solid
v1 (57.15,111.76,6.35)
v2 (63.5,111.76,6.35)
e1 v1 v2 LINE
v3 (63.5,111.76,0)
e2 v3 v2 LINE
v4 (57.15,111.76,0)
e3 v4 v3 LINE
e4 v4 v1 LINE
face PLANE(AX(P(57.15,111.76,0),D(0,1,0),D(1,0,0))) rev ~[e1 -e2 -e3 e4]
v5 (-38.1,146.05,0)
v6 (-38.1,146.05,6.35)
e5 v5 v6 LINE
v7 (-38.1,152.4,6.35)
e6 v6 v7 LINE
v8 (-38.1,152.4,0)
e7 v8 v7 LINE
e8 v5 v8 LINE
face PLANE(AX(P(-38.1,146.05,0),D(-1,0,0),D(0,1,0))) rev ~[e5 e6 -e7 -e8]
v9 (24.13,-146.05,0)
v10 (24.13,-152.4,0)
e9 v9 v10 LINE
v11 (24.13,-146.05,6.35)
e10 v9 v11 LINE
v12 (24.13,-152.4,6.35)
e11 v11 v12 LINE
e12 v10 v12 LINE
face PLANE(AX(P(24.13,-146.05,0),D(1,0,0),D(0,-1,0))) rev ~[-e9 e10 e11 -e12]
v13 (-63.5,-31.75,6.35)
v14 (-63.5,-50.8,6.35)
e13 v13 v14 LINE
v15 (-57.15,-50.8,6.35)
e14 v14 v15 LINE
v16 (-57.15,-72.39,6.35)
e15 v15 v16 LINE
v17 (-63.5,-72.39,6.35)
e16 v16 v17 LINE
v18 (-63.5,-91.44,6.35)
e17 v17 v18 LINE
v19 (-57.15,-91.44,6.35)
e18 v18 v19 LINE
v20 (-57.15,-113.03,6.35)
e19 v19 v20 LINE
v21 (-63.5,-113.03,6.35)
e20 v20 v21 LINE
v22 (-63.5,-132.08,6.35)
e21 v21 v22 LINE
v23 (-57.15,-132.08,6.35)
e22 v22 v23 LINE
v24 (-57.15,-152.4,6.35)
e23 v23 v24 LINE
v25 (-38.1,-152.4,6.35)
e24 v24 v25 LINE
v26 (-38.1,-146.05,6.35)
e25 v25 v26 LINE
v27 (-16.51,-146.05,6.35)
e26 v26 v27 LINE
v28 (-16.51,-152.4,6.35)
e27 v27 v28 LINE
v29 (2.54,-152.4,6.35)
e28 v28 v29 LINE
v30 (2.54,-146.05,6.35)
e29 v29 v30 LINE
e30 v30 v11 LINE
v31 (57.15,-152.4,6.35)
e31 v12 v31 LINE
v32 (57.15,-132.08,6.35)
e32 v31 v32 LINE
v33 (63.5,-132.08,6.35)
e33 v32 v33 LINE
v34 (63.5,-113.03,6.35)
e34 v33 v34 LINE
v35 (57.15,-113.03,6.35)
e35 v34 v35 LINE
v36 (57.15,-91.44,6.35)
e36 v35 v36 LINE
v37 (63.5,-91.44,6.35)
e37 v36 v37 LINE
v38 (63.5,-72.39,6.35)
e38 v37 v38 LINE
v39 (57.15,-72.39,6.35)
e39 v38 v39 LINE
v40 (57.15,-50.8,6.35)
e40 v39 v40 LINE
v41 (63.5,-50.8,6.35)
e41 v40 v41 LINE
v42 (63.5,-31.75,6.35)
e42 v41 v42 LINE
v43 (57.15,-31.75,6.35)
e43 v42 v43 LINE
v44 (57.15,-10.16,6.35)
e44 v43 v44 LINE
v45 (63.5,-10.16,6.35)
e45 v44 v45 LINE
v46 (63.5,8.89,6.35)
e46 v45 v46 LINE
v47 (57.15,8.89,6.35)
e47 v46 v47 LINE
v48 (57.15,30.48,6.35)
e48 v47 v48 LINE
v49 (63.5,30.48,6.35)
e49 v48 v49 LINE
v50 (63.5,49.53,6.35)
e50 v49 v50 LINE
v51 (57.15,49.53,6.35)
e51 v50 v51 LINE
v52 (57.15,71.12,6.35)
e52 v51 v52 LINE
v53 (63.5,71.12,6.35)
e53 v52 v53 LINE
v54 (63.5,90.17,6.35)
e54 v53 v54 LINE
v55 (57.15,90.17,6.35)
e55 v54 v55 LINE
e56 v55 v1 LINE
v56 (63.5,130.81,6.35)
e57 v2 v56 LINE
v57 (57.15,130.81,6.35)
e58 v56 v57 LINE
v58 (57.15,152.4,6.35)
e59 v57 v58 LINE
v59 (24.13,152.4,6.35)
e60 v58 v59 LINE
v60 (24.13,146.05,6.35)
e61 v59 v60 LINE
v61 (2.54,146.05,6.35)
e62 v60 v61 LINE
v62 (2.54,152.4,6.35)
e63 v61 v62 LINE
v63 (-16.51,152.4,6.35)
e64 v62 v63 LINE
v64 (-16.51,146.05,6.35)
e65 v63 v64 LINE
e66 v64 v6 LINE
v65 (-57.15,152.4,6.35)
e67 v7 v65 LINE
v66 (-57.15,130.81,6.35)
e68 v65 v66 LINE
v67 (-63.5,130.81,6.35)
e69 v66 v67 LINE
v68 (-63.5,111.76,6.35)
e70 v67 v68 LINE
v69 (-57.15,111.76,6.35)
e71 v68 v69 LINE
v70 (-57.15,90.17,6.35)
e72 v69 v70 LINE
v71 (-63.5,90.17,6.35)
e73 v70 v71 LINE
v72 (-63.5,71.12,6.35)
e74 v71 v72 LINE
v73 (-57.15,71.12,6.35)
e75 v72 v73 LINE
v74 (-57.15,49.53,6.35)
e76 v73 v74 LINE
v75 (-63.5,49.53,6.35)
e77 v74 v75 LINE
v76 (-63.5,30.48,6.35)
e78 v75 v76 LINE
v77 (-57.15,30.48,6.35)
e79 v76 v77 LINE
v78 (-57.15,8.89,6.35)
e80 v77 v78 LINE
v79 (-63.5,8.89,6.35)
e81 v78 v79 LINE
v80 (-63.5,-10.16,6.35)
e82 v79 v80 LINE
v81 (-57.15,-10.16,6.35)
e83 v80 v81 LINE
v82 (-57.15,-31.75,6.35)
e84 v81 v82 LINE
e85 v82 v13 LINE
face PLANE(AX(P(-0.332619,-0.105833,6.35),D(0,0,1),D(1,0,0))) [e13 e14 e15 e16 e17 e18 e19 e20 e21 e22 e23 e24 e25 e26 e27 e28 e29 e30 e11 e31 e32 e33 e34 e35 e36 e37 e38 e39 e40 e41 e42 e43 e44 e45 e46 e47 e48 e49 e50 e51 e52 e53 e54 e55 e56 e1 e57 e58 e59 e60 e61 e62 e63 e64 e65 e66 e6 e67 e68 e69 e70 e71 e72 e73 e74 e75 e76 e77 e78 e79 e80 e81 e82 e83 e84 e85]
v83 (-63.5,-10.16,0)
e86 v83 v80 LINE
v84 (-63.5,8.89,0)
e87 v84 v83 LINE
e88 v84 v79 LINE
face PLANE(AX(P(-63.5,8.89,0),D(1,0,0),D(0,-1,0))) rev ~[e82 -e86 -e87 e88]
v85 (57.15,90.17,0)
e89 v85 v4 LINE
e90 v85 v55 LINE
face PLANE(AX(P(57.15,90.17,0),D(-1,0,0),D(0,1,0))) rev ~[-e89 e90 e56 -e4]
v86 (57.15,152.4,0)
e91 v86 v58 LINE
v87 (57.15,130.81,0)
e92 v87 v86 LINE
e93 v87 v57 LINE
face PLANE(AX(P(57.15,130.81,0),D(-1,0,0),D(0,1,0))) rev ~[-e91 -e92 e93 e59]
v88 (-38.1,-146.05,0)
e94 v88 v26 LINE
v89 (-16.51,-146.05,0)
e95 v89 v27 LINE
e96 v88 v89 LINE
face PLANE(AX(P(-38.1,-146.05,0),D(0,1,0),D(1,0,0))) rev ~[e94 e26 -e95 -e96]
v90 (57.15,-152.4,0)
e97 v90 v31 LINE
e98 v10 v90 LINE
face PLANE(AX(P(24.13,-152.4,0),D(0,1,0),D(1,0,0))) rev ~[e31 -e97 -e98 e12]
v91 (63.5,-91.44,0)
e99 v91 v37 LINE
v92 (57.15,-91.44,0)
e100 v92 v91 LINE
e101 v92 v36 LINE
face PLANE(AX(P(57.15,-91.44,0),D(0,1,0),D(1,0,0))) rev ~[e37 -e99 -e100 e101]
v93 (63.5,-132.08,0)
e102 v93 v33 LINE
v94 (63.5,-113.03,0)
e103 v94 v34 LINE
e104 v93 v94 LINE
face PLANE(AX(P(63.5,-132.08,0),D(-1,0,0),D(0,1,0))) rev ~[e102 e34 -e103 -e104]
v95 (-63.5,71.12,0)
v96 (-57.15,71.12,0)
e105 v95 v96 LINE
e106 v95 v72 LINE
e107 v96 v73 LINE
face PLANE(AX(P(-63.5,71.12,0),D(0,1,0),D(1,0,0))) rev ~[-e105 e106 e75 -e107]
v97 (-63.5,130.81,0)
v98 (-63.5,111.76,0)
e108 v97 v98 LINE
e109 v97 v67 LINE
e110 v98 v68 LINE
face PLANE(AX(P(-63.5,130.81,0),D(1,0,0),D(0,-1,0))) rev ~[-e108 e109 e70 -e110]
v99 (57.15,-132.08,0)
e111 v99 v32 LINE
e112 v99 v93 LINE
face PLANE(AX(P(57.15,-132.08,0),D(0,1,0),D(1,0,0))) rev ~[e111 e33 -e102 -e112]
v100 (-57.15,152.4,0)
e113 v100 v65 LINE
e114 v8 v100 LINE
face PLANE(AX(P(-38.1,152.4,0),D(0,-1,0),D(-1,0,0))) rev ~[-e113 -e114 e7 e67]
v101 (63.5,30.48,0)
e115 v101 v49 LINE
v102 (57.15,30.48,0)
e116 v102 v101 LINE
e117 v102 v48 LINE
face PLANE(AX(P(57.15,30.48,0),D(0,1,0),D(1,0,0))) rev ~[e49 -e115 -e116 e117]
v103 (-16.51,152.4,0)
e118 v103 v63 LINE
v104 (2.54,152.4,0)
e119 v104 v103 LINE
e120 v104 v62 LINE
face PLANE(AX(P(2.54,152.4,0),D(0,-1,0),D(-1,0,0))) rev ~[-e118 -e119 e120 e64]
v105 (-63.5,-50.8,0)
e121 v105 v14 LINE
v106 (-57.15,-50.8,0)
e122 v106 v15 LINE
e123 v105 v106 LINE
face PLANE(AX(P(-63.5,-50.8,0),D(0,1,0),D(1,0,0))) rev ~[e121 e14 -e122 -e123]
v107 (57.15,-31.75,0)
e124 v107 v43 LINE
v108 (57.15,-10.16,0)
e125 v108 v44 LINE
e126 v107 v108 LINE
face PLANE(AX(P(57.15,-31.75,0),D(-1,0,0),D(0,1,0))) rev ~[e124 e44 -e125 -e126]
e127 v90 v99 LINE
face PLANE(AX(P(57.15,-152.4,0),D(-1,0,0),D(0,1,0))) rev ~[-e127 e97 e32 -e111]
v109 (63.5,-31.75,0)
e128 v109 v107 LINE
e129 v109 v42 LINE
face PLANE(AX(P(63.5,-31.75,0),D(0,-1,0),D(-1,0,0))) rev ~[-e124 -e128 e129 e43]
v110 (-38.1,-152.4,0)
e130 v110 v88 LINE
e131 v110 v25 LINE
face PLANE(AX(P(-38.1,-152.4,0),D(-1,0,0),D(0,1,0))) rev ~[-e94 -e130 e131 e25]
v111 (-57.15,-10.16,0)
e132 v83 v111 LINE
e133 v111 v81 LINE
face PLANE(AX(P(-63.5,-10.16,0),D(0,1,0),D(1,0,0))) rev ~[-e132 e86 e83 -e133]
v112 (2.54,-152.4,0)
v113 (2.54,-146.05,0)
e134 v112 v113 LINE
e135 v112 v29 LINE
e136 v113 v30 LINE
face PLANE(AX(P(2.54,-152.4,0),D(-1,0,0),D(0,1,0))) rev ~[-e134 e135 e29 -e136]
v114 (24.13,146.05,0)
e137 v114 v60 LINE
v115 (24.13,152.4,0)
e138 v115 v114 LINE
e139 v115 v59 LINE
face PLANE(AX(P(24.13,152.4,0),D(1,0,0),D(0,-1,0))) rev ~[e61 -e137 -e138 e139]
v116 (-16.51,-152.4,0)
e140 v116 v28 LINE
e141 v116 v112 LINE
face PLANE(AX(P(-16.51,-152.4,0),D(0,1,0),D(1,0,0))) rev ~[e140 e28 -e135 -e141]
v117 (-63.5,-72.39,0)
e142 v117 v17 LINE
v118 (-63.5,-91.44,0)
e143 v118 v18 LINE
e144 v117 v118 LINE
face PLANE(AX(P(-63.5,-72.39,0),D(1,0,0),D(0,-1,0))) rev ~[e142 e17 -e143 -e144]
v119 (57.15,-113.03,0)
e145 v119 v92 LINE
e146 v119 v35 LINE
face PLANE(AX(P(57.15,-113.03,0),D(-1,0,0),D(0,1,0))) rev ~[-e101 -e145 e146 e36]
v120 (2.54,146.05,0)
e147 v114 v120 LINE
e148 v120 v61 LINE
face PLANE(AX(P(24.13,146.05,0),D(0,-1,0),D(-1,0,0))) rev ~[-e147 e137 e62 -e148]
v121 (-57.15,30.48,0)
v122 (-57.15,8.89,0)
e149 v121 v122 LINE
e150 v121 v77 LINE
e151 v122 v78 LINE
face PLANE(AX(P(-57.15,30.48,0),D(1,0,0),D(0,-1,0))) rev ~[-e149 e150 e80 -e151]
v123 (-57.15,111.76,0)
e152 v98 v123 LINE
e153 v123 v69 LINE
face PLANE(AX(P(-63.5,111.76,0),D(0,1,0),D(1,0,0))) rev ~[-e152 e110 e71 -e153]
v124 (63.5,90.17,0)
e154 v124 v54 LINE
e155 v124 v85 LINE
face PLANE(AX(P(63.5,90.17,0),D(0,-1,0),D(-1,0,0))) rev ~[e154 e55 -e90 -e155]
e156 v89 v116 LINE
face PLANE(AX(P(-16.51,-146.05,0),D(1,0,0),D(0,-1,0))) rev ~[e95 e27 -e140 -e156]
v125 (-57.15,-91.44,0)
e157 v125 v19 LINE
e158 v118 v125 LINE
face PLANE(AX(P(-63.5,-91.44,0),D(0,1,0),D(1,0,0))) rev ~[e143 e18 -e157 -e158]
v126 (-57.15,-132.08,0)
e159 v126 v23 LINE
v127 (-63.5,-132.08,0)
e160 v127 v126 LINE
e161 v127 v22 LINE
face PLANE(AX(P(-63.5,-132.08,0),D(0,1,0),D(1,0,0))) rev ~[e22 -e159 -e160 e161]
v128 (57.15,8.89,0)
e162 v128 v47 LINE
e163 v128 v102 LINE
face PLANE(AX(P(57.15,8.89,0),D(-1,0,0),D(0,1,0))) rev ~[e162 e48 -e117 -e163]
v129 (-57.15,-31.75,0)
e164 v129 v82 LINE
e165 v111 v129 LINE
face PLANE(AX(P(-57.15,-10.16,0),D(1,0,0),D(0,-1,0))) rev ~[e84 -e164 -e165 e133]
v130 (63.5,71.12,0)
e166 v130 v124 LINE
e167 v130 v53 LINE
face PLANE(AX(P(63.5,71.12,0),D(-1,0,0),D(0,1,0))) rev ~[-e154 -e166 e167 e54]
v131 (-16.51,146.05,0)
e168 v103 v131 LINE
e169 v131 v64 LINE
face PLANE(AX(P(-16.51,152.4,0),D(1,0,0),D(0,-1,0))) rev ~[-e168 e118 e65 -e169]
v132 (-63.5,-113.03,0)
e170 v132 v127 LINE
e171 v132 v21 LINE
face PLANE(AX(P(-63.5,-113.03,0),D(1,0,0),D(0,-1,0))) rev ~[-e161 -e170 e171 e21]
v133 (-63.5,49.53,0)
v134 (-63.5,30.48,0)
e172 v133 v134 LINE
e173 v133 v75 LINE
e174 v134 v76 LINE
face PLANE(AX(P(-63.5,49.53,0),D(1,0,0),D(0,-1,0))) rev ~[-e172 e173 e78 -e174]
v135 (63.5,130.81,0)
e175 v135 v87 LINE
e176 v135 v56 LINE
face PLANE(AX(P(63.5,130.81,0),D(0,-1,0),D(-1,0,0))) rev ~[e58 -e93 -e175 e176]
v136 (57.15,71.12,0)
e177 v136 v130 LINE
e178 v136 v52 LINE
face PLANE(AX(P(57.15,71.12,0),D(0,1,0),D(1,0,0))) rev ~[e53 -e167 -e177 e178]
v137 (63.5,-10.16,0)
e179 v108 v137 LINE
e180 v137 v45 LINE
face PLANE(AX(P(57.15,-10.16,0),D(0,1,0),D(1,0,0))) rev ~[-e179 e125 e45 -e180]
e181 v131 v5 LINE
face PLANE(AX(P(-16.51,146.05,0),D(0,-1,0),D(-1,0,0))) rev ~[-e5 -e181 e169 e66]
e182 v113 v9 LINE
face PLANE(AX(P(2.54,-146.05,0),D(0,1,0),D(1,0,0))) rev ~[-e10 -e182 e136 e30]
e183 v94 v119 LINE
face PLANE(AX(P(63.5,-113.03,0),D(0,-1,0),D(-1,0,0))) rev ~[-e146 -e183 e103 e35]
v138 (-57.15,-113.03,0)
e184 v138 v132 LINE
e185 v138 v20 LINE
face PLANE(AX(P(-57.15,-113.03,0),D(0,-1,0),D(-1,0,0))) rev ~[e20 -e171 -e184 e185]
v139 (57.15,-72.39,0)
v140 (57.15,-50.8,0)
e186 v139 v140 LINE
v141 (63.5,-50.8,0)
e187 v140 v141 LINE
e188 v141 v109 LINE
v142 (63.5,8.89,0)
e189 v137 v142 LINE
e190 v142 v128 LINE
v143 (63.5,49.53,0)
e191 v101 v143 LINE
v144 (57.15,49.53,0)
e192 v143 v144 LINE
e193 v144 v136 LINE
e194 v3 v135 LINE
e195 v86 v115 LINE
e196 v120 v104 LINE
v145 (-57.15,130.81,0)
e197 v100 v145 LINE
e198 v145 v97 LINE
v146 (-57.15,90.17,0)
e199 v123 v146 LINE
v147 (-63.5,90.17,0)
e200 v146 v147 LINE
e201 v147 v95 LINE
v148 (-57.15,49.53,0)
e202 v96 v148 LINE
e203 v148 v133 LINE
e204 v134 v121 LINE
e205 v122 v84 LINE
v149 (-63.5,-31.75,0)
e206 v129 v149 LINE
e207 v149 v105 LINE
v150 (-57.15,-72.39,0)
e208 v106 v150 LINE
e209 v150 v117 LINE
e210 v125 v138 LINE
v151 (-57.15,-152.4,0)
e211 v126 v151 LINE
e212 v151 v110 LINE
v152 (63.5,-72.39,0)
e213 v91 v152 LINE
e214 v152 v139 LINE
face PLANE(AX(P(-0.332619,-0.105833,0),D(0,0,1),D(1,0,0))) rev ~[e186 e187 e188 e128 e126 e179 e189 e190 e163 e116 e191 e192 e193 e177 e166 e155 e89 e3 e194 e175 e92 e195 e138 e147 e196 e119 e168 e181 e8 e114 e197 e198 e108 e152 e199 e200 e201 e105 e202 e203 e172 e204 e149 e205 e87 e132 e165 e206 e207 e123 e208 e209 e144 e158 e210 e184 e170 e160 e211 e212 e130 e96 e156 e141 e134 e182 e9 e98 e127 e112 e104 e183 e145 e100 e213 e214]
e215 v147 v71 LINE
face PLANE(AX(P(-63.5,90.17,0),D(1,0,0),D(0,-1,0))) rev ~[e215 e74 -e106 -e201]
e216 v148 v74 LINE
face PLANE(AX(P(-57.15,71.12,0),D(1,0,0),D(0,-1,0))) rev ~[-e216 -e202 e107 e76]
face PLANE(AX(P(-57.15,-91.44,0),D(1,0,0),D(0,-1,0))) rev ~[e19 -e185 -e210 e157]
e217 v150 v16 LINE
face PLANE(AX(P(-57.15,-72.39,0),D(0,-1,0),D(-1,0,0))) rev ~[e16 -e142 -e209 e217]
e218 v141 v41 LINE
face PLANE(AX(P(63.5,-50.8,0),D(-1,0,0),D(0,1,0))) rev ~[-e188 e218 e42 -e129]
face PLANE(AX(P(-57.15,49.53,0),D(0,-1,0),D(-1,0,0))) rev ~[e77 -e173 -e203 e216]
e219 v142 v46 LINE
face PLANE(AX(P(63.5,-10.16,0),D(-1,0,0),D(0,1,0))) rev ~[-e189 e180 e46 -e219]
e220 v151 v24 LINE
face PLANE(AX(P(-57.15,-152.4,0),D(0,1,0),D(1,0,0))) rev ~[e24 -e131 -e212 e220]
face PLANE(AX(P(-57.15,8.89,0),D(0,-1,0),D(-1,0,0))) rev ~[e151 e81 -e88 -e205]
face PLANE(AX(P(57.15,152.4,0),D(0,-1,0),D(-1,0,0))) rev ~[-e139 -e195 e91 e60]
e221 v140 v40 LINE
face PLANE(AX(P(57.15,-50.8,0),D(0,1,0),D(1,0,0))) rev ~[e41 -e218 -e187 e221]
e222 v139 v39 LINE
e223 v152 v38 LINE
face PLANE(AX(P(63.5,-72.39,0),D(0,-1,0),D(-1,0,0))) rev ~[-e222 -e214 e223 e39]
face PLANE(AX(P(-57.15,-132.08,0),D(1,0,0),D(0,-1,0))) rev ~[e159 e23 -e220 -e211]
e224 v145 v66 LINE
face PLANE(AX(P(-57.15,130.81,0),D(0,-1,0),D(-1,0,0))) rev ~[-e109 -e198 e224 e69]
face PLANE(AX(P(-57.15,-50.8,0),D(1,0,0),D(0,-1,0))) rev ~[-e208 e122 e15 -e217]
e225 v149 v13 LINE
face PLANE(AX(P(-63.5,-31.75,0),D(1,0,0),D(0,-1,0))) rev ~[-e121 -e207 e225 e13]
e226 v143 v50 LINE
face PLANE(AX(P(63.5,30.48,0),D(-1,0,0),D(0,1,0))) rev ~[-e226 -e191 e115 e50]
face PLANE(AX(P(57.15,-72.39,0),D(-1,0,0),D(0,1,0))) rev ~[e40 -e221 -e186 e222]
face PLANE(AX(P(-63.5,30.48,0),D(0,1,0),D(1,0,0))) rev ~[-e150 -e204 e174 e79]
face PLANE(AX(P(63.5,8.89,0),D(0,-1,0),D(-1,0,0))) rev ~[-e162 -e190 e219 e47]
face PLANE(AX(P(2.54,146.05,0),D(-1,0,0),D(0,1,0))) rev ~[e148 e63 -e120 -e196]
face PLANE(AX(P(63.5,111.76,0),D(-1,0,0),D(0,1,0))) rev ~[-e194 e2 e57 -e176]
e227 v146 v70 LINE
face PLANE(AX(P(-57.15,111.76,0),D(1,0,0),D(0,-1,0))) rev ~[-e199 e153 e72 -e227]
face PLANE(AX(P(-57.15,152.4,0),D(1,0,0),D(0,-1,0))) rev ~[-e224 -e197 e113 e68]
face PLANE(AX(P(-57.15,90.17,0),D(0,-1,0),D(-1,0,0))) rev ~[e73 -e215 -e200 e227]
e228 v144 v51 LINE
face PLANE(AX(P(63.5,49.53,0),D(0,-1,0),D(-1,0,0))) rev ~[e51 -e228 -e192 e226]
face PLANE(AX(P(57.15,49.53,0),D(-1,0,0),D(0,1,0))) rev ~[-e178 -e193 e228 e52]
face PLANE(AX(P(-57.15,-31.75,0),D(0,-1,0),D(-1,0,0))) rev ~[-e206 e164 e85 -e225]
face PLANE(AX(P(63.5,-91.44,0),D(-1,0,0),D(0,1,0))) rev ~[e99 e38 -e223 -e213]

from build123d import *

# Parameters (mm, degrees)
F1_DEPTH = 6.35


with BuildPart() as f1:
    # F0 (on Top) → F1 (new body)
    with BuildSketch(Plane.XY):
        Polygon((57.15, 130.81), (57.15, 152.4), (24.13, 152.4), (24.13, 146.05), (2.54, 146.05), (2.54, 152.4), (-16.51, 152.4), (-16.51, 146.05), (-38.1, 146.05), (-38.1, 152.4), (-57.15, 152.4), (-57.15, 130.81), (-63.5, 130.81), (-63.5, 111.76), (-57.15, 111.76), (-57.15, 90.17), (-63.5, 90.17), (-63.5, 71.12), (-57.15, 71.12), (-57.15, 49.53), (-63.5, 49.53), (-63.5, 30.48), (-57.15, 30.48), (-57.15, 8.89), (-63.5, 8.89), (-63.5, -10.16), (-57.15, -10.16), (-57.15, -31.75), (-63.5, -31.75), (-63.5, -50.8), (-57.15, -50.8), (-57.15, -72.39), (-63.5, -72.39), (-63.5, -91.44), (-57.15, -91.44), (-57.15, -113.03), (-63.5, -113.03), (-63.5, -132.08), (-57.15, -132.08), (-57.15, -152.4), (-38.1, -152.4), (-38.1, -146.05), (-16.51, -146.05), (-16.51, -152.4), (2.54, -152.4), (2.54, -146.05), (24.13, -146.05), (24.13, -152.4), (43.18, -152.4), (57.15, -152.4), (57.15, -132.08), (63.5, -132.08), (63.5, -113.03), (57.15, -113.03), (57.15, -91.44), (63.5, -91.44), (63.5, -72.39), (57.15, -72.39), (57.15, -50.8), (63.5, -50.8), (63.5, -31.75), (57.15, -31.75), (57.15, -10.16), (63.5, -10.16), (63.5, 8.89), (57.15, 8.89), (57.15, 30.48), (63.5, 30.48), (63.5, 49.53), (57.15, 49.53), (57.15, 71.12), (63.5, 71.12), (63.5, 90.17), (57.15, 90.17), (57.15, 111.76), (63.5, 111.76), (63.5, 130.81), align=None)
    extrude(amount=F1_DEPTH)


solid = f1.part
